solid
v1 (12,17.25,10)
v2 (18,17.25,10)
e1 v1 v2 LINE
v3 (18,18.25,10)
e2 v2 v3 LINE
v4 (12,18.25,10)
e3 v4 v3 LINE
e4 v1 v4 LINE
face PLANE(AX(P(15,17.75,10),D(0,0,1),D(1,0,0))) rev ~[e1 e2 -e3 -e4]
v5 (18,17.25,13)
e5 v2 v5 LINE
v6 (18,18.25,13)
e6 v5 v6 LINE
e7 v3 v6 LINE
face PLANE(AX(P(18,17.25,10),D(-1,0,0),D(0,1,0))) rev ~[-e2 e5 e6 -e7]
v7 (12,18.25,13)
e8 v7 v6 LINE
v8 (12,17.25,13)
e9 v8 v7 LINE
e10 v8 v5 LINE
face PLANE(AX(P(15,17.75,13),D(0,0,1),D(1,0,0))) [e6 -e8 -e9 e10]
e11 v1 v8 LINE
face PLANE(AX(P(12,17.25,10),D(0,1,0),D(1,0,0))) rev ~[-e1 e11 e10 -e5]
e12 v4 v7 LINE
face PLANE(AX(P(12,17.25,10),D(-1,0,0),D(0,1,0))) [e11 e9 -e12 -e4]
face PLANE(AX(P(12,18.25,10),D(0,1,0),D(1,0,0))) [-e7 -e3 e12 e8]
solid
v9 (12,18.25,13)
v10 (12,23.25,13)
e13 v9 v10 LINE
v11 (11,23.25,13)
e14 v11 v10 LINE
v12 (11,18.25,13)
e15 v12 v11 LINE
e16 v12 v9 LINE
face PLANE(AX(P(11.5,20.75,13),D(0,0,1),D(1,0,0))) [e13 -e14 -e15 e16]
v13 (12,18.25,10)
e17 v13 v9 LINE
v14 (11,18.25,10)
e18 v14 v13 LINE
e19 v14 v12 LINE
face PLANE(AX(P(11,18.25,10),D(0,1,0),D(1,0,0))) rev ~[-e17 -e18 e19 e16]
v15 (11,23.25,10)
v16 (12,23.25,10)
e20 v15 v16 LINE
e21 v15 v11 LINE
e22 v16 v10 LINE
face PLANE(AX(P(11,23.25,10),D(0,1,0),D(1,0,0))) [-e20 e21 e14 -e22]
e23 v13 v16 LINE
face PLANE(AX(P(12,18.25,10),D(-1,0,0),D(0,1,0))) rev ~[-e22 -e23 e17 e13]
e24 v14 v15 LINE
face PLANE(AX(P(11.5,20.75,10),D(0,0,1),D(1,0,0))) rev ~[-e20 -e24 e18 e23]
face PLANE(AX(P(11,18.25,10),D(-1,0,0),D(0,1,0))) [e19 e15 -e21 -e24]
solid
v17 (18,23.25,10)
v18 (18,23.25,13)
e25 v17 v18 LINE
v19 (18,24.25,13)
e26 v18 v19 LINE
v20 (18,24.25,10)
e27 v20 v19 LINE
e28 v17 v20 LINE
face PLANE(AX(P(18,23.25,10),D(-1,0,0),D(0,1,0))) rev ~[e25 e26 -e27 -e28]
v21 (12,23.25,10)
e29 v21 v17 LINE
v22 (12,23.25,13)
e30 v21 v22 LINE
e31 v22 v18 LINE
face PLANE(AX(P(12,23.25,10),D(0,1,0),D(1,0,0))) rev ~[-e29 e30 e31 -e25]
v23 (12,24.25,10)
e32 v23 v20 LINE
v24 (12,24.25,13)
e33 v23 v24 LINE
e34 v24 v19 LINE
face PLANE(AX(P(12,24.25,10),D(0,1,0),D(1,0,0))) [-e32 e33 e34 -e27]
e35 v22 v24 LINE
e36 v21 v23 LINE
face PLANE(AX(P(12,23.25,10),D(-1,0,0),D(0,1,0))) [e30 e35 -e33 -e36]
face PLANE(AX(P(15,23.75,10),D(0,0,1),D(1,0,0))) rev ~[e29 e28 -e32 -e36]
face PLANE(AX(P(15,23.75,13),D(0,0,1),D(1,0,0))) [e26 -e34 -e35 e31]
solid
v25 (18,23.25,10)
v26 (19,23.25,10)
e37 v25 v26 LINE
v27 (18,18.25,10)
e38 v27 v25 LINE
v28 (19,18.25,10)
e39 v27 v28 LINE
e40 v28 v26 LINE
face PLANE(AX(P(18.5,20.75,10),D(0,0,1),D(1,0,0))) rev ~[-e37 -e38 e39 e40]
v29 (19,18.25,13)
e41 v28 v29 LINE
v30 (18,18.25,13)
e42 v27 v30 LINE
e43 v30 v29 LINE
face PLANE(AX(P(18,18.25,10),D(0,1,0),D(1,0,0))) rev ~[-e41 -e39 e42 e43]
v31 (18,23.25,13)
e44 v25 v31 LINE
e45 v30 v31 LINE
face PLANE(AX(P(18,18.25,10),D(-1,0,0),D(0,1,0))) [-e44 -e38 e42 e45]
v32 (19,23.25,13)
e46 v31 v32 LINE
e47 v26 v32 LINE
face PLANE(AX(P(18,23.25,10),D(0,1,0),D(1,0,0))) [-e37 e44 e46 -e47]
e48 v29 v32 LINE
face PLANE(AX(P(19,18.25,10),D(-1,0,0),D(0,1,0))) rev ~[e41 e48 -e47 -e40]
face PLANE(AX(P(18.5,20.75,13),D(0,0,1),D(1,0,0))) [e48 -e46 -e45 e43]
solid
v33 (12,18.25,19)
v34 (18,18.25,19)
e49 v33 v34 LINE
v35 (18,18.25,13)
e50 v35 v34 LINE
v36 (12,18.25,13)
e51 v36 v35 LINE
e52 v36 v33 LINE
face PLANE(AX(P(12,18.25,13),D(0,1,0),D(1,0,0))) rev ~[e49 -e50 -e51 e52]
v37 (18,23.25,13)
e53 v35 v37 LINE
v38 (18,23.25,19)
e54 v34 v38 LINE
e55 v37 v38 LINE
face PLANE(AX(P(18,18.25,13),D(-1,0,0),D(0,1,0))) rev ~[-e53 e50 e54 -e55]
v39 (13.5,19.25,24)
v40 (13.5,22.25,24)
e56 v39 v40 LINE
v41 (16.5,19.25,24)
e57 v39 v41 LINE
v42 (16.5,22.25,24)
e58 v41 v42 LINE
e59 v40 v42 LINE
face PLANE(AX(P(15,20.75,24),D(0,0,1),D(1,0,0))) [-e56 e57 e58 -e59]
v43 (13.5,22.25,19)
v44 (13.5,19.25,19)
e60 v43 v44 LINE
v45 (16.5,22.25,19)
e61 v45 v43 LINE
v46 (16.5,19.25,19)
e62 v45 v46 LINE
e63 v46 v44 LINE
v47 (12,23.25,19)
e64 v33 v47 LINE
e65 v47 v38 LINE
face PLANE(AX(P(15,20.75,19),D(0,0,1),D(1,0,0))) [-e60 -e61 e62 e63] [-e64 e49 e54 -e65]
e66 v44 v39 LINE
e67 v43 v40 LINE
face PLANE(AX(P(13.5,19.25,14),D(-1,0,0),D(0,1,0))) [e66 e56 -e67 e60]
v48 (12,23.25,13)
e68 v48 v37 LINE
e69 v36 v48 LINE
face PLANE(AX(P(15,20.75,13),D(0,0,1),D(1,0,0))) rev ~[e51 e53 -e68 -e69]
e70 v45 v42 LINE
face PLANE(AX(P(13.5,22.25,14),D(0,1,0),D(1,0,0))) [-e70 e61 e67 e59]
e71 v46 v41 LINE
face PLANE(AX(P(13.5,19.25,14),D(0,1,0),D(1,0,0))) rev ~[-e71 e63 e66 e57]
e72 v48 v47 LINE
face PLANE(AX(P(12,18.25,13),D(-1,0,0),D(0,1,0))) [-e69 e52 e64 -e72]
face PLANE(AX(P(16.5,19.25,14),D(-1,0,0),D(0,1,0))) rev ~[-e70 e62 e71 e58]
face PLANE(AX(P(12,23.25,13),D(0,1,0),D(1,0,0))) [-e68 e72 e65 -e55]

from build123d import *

# Parameters (mm, degrees)
BOX036_W     = 3
BOX036_H     = 3
BOX036_DEPTH = 10
BOX038_W     = 1
BOX038_H     = 5
BOX038_DEPTH = 3
BOX039_W     = 1
BOX039_H     = 5
BOX039_DEPTH = 3
BOX040_W     = 6
BOX040_H     = 1
BOX040_DEPTH = 3
BOX041_W     = 6
BOX041_H     = 1
BOX041_DEPTH = 3
BOX037_W     = 6
BOX037_H     = 5
BOX037_DEPTH = 6


with BuildPart() as box036:
    # Box036 → Box036 (new body)
    with BuildSketch(Plane(origin=(13.5, 8.25, 10), x_dir=(1, 0, 0), z_dir=(0, 0, 1))):
        with Locations((1.5, 1.5)):
            Rectangle(BOX036_W, BOX036_H)
    extrude(amount=BOX036_DEPTH)


with BuildPart() as box038:
    # Box038 → Box038 (new body)
    with BuildSketch(Plane(origin=(11, 7.25, 6), x_dir=(1, 0, 0), z_dir=(0, 0, 1))):
        with Locations((0.5, 2.5)):
            Rectangle(BOX038_W, BOX038_H)
    extrude(amount=BOX038_DEPTH)


with BuildPart() as box039:
    # Box039 → Box039 (new body)
    with BuildSketch(Plane(origin=(18, 7.25, 6), x_dir=(1, 0, 0), z_dir=(0, 0, 1))):
        with Locations((0.5, 2.5)):
            Rectangle(BOX039_W, BOX039_H)
    extrude(amount=BOX039_DEPTH)


with BuildPart() as box040:
    # Box040 → Box040 (new body)
    with BuildSketch(Plane(origin=(12, 6.25, 6), x_dir=(1, 0, 0), z_dir=(0, 0, 1))):
        with Locations((3, 0.5)):
            Rectangle(BOX040_W, BOX040_H)
    extrude(amount=BOX040_DEPTH)


with BuildPart() as box041:
    # Box041 → Box041 (new body)
    with BuildSketch(Plane(origin=(12, 12.25, 6), x_dir=(1, 0, 0), z_dir=(0, 0, 1))):
        with Locations((3, 0.5)):
            Rectangle(BOX041_W, BOX041_H)
    extrude(amount=BOX041_DEPTH)


with BuildPart() as bt_ex2:
    # Box037 → Box037 (new body)
    with BuildSketch(Plane(origin=(12, 7.25, 9), x_dir=(1, 0, 0), z_dir=(0, 0, 1))):
        with Locations((3, 2.5)):
            Rectangle(BOX037_W, BOX037_H)
    extrude(amount=BOX037_DEPTH)

    # Fusion010: union Box038, Box039, Box040, Box041
    add(box038.part)
    add(box039.part)
    add(box040.part)
    add(box041.part)

    # Fusion011: union Box036
    add(box036.part)


with BuildPart() as bt_ex2_1:
    # Fusion011 placement: moved
    add(bt_ex2.part.moved(Location((0, 11, 4))))


solid = bt_ex2_1.part
